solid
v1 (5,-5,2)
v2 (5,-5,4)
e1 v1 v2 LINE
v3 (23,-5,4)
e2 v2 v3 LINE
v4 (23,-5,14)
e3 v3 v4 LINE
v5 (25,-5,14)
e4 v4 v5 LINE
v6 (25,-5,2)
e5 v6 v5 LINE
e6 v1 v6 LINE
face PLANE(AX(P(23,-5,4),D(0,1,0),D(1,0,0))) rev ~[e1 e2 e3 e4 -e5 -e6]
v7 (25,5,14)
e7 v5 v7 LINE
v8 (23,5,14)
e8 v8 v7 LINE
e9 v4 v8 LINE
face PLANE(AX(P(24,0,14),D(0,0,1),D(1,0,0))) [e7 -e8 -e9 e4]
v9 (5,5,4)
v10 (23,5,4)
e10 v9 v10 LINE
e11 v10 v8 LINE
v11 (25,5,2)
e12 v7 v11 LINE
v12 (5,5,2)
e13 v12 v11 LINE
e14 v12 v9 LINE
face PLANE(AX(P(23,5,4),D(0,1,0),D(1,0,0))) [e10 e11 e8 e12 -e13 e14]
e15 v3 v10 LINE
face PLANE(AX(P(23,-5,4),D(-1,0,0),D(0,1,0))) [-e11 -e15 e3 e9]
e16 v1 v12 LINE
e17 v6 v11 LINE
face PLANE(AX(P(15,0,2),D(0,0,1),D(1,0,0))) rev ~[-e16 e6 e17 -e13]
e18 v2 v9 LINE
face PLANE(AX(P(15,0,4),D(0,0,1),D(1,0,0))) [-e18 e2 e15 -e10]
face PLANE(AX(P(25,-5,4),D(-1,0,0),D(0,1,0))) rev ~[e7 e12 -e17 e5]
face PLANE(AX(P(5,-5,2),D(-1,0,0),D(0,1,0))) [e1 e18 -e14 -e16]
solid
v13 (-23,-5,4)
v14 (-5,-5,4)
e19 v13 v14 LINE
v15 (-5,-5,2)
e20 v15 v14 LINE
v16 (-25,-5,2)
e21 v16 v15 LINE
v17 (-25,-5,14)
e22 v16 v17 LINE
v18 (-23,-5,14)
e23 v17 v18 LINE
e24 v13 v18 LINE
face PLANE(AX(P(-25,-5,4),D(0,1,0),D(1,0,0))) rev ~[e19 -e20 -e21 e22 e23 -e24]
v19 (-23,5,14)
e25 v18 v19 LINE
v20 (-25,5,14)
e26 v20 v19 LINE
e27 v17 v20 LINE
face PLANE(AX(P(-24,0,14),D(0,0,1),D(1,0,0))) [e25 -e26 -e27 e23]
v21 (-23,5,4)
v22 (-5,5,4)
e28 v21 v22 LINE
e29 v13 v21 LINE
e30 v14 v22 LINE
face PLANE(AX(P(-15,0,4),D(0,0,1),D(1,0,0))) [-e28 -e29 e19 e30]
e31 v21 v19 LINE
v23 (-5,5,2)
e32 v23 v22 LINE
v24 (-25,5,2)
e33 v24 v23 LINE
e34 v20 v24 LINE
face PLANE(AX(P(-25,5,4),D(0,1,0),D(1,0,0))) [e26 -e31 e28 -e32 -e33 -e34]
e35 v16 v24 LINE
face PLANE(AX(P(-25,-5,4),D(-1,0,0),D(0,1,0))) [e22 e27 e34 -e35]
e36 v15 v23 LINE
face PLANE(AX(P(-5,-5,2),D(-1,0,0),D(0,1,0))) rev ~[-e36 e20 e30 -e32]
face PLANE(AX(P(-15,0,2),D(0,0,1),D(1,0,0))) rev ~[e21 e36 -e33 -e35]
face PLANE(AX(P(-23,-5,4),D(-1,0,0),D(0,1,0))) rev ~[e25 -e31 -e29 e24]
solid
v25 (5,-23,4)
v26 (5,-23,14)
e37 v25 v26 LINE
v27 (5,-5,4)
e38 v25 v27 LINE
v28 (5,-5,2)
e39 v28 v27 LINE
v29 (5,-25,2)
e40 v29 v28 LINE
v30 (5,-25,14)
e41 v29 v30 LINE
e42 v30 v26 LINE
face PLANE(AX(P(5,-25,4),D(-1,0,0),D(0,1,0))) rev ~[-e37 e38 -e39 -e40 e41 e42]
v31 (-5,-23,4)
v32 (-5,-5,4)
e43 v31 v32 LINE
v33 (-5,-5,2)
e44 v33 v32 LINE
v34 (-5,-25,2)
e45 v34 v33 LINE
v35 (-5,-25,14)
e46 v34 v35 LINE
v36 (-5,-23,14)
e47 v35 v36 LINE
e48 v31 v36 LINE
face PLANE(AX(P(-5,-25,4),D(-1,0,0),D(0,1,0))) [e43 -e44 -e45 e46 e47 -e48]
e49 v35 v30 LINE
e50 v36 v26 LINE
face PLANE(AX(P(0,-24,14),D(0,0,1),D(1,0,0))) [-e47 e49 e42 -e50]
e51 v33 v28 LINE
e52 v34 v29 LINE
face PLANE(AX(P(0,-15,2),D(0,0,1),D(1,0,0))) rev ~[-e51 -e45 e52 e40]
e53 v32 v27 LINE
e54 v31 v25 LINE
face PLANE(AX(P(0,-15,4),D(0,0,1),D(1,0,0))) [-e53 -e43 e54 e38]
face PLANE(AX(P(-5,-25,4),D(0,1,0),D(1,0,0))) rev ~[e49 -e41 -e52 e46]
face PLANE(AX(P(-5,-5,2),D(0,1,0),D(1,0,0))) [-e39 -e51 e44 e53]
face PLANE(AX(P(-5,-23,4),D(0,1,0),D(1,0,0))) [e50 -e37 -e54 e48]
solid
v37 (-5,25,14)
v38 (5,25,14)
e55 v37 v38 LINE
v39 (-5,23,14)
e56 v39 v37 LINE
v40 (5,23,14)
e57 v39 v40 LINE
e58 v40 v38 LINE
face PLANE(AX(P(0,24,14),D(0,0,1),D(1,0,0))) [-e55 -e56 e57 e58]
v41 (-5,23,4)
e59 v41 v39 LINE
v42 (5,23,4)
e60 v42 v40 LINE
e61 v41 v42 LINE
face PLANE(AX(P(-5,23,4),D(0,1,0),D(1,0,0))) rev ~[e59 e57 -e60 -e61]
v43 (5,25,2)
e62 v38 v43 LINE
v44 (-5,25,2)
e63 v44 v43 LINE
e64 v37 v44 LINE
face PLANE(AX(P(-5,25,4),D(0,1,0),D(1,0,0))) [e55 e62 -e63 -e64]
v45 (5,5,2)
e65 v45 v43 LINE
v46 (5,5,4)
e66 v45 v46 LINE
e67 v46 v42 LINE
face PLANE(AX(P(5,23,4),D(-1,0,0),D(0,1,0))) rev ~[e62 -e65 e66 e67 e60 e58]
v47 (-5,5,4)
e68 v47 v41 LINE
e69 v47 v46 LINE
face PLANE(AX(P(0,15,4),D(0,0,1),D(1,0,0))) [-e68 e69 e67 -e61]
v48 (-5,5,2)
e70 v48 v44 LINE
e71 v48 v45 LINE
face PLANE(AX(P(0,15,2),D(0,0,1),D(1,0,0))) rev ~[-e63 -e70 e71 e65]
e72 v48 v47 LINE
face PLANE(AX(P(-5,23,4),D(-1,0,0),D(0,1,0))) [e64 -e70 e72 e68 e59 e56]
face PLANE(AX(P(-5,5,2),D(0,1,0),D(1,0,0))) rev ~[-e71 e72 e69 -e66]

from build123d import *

# Parameters (mm, degrees)
F0_W      = 300
F0_H      = 160
F1_DEPTH  = 2
F2_W      = 10
F2_H      = 20
F2_W_2    = 20
F2_H_2    = 10
F3_DEPTH  = 2
F4_W      = 10
F4_H      = 2
F5_DEPTH  = 10
F6_W      = 2
F6_H      = 10
F7_DEPTH  = 10
F8_W      = 2
F8_H      = 10
F9_DEPTH  = 10
F10_W     = 10
F10_H     = 2
F11_DEPTH = 10


with BuildPart() as f1:
    # F0 (on Top) → F1 (new body)
    with BuildSketch(Plane.XY):
        Rectangle(F0_W, F0_H)
    extrude(amount=F1_DEPTH)


with BuildPart() as f3:
    # F2 (on face) → F3 (new body)
    with BuildSketch(Plane.XY.offset(2)):
        with Locations((0, 15)):
            Rectangle(F2_W, F2_H)
        with Locations((-15, 0)):
            Rectangle(F2_W_2, F2_H_2)
        with Locations((0, -15)):
            Rectangle(F2_W, F2_H)
        with Locations((15, 0)):
            Rectangle(F2_W_2, F2_H_2)
    extrude(amount=F3_DEPTH)

    # F4 (on face) → F5 (join)
    with BuildSketch(Plane.XY.offset(4)):
        with Locations((0, 24)):
            Rectangle(F4_W, F4_H)
    extrude(amount=F5_DEPTH)

    # F6 (on face) → F7 (join)
    with BuildSketch(Plane.XY.offset(4)):
        with Locations((-24, 0)):
            Rectangle(F6_W, F6_H)
    extrude(amount=F7_DEPTH)

    # F8 (on face) → F9 (join)
    with BuildSketch(Plane.XY.offset(4)):
        with Locations((24, 0)):
            Rectangle(F8_W, F8_H)
    extrude(amount=F9_DEPTH)

    # F10 (on face) → F11 (join)
    with BuildSketch(Plane.XY.offset(4)):
        with Locations((0, -24)):
            Rectangle(F10_W, F10_H)
    extrude(amount=F11_DEPTH)


solid = f3.part
